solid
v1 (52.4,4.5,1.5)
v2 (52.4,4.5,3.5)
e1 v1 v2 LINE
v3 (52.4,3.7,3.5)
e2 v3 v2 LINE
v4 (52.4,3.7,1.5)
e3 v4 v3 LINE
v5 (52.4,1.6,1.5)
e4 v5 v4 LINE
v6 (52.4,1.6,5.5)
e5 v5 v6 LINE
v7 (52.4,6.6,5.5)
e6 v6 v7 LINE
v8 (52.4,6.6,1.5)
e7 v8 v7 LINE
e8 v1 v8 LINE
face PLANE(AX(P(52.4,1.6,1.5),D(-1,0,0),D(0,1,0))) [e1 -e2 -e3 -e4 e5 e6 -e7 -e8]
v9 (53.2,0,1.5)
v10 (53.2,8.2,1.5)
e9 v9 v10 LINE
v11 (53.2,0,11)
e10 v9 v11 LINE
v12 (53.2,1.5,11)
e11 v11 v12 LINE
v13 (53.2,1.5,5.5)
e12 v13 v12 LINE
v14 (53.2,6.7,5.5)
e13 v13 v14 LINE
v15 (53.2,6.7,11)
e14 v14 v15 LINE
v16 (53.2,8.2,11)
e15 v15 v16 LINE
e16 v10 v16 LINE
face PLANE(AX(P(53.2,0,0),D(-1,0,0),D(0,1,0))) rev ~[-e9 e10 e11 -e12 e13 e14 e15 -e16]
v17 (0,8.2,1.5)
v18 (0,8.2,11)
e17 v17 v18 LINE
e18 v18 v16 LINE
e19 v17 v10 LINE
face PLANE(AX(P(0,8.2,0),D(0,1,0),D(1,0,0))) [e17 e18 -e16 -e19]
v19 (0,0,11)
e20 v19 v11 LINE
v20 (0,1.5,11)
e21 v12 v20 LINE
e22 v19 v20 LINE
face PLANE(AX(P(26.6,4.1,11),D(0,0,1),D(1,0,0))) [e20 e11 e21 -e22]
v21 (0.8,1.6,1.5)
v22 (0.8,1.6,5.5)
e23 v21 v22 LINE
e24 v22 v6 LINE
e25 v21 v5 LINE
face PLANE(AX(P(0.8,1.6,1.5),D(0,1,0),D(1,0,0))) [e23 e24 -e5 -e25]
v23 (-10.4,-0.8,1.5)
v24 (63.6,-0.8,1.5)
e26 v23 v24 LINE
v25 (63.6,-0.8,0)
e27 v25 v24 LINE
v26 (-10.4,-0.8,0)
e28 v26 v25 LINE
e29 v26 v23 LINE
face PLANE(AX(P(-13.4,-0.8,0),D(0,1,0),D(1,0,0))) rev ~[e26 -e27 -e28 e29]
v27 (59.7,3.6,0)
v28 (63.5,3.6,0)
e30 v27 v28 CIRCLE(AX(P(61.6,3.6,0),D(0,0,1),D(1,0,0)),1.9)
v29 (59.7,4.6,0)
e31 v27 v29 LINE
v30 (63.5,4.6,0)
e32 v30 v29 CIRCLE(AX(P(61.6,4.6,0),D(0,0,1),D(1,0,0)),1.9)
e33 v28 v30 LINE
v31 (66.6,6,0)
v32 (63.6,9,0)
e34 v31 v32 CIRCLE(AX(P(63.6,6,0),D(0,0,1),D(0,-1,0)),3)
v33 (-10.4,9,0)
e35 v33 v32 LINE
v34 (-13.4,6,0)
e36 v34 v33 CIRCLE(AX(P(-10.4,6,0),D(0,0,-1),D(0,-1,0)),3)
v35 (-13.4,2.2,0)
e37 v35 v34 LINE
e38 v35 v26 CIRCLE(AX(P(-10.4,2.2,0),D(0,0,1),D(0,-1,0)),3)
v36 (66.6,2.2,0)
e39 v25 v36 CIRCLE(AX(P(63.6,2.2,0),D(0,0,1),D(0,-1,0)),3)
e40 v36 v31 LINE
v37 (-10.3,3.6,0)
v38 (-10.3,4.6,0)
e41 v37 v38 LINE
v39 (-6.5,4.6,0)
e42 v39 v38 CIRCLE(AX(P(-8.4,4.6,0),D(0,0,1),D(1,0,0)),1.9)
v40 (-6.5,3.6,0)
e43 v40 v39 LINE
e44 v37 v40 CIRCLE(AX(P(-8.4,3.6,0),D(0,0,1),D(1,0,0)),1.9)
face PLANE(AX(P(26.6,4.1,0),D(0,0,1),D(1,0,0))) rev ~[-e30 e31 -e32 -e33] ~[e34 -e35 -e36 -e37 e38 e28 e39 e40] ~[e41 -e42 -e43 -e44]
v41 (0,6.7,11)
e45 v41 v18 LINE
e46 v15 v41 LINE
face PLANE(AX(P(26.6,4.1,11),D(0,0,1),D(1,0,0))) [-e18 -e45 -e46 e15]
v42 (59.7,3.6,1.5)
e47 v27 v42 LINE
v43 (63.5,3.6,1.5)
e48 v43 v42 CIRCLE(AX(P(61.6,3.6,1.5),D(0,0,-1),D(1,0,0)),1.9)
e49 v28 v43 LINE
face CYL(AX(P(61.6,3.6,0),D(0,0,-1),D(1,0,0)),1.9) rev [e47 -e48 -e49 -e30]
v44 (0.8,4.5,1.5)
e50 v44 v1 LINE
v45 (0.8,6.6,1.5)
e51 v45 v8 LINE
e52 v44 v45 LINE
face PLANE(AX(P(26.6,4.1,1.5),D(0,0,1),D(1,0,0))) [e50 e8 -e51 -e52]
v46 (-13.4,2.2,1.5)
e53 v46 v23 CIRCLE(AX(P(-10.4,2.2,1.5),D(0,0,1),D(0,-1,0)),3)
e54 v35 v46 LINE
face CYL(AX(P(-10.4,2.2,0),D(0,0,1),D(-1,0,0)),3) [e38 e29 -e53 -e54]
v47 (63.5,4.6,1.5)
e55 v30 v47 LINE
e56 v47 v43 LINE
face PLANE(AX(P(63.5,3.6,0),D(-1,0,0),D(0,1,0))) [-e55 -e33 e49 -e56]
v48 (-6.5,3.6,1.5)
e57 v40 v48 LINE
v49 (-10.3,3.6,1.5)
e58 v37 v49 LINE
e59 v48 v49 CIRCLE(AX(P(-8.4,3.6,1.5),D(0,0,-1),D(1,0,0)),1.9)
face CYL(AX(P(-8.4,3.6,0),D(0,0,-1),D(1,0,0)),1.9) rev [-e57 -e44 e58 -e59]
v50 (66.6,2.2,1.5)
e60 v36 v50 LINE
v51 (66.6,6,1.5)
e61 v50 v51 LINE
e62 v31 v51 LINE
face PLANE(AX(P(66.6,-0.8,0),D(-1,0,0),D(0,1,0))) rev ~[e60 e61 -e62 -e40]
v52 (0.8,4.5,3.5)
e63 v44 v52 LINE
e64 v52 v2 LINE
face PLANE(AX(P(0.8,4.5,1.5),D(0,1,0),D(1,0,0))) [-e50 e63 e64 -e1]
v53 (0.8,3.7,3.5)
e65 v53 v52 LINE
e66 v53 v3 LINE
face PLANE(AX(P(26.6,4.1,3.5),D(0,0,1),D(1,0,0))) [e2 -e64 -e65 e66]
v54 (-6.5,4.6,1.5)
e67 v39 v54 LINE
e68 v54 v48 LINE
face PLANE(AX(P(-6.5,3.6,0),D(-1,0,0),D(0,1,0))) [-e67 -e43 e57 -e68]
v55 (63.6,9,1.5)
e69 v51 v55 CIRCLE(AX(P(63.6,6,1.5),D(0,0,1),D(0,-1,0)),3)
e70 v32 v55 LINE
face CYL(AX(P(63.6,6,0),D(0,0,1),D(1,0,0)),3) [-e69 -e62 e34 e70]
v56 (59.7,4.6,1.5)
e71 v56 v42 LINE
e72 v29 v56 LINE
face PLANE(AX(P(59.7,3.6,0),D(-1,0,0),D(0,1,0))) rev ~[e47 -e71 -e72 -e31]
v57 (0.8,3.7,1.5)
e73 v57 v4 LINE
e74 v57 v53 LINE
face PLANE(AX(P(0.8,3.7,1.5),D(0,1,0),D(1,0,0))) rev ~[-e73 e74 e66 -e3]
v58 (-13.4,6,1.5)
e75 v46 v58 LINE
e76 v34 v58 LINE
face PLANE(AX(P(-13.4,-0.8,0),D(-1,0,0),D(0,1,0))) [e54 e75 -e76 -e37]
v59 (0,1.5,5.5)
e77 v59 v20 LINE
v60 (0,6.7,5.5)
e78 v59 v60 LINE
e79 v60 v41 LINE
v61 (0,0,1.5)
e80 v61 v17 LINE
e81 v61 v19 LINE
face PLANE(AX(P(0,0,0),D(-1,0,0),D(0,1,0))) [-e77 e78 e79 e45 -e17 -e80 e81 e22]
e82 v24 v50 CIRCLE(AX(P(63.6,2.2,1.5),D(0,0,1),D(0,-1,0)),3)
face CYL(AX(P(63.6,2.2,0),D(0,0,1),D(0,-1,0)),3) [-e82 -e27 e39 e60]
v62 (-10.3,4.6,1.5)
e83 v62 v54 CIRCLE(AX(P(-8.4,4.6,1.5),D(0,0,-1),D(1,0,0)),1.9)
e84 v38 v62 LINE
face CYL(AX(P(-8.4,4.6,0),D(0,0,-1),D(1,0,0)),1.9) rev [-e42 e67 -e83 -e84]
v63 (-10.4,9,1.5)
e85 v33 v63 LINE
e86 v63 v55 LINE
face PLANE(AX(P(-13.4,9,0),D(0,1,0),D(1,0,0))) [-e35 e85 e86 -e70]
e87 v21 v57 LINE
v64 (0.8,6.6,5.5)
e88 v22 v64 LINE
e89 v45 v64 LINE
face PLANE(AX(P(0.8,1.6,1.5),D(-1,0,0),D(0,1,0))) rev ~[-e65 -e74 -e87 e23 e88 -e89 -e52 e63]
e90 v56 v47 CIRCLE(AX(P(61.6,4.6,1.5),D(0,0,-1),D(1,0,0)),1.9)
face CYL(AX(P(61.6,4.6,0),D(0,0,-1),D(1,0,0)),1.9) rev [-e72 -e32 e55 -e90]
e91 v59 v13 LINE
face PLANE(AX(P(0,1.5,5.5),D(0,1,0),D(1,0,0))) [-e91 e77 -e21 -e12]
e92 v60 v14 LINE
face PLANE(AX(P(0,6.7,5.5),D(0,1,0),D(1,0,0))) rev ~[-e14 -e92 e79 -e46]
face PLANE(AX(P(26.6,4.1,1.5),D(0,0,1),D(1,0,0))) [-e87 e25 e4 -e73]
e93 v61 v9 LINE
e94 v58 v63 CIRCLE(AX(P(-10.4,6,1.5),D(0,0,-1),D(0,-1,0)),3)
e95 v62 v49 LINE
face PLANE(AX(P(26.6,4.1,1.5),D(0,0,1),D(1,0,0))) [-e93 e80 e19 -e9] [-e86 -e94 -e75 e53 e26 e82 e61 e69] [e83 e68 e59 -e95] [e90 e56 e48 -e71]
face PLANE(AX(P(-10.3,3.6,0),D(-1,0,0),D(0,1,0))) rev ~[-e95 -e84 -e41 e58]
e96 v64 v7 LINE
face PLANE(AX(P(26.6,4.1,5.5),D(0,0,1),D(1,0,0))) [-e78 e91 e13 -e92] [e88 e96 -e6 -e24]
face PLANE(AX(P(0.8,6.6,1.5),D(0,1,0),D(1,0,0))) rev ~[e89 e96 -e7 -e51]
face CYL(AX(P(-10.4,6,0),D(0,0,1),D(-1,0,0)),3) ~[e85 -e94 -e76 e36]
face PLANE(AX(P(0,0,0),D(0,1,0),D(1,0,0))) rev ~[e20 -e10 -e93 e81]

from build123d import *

# Parameters (mm, degrees)
BOX003_W          = 51.6
BOX003_H          = 0.8
BOX003_DEPTH      = 2
BOX001_W          = 51.6
BOX001_H          = 5
BOX001_DEPTH      = 4
BOX002_W          = 53.2
BOX002_H          = 5.2
BOX002_DEPTH      = 11
BOX008_W          = 3.8
BOX008_H          = 1
BOX008_DEPTH      = 10
CYLINDER002_R     = 1.9
CYLINDER002_DEPTH = 10
CYLINDER004_R     = 1.9
CYLINDER004_DEPTH = 10
ARRAY003_X_COUNT  = 2
ARRAY003_X_PITCH  = 70
BOX006_W          = 80
BOX006_H          = 9.8
BOX006_DEPTH      = 1.5
FILLET003_R       = 3
BOX_W             = 53.2
BOX_H             = 8.2
BOX_DEPTH         = 11


with BuildPart() as bottom_hole_middle_extraction:
    # Box003 → Box003 (new body)
    with BuildSketch(Plane(origin=(0.8, 3.7, 1.5), x_dir=(1, 0, 0), z_dir=(0, 0, 1))):
        with Locations((25.8, 0.4)):
            Rectangle(BOX003_W, BOX003_H)
    extrude(amount=BOX003_DEPTH)


with BuildPart() as bottom_hole_cut:
    # Box001 → Box001 (new body)
    with BuildSketch(Plane(origin=(0.8, 1.6, 1.5), x_dir=(1, 0, 0), z_dir=(0, 0, 1))):
        with Locations((25.8, 2.5)):
            Rectangle(BOX001_W, BOX001_H)
    extrude(amount=BOX001_DEPTH)

    # Cut003003: cut bottom hole middle extraction
    add(bottom_hole_middle_extraction.part, mode=Mode.SUBTRACT)


with BuildPart() as hole_fusion:
    # Box002 → Box002 (new body)
    with BuildSketch(Plane(origin=(0, 1.5, 5.5), x_dir=(1, 0, 0), z_dir=(0, 0, 1))):
        with Locations((26.6, 2.6)):
            Rectangle(BOX002_W, BOX002_H)
    extrude(amount=BOX002_DEPTH)

    # Fusion: union bottom hole cut
    add(bottom_hole_cut.part)


with BuildPart() as inbetween_holes_cube001:
    # Box008 → Box008 (new body)
    with BuildSketch(Plane(origin=(-1.9, 0, 0), x_dir=(1, 0, 0), z_dir=(0, 0, 1))):
        with Locations((1.9, 0.5)):
            Rectangle(BOX008_W, BOX008_H)
    extrude(amount=BOX008_DEPTH)


with BuildPart() as attach_hole001:
    # Cylinder002 → Cylinder002 (new body)
    with BuildSketch(Plane.XY):
        Circle(CYLINDER002_R)
    extrude(amount=CYLINDER002_DEPTH)


with BuildPart() as attach_hole_array001:
    # Cylinder004 → Cylinder004 (new body)
    with BuildSketch(Plane(origin=(0, 1, 0), x_dir=(1, 0, 0), z_dir=(0, 0, 1))):
        Circle(CYLINDER004_R)
    extrude(amount=CYLINDER004_DEPTH)

    # Fusion002: union inbetween holes cube001, attach hole001
    add(inbetween_holes_cube001.part)
    add(attach_hole001.part)


with BuildPart() as attach_hole_array001_1:
    # Fusion002 placement: moved
    add(attach_hole_array001.part.moved(Location((5, 4.4, 0))))

    # Array003 X: attach hole array001 ×2


with BuildPart() as attach_hole_array001_2:
    add(attach_hole_array001_1.part)
    with Locations(*[(i * ARRAY003_X_PITCH, 0, 0) for i in range(1, ARRAY003_X_COUNT)]):
        add(attach_hole_array001_1.part)


with BuildPart() as attach_plane_x_dir:
    # Box006 → Box006 (new body)
    with BuildSketch(Plane.XY):
        with Locations((40, 4.9)):
            Rectangle(BOX006_W, BOX006_H)
    extrude(amount=BOX006_DEPTH)

    # Fillet003
    fillet003_edges = [attach_plane_x_dir.edges().sort_by_distance(p)[0] for p in [
        (0, 0, 0.75),
        (0, 9.8, 0.75),
        (80, 0, 0.75),
        (80, 9.8, 0.75),
    ]]
    fillet(fillet003_edges, radius=FILLET003_R)

    # Cut003: cut attach hole array001
    add(attach_hole_array001_2.part, mode=Mode.SUBTRACT)


with BuildPart() as attach_plane_x_dir_1:
    # Cut003 placement: moved
    add(attach_plane_x_dir.part.moved(Location((-13.4, -0.8, 0))))


with BuildPart() as body_cut:
    # Box → Box (new body)
    with BuildSketch(Plane.XY):
        with Locations((26.6, 4.1)):
            Rectangle(BOX_W, BOX_H)
    extrude(amount=BOX_DEPTH)

    # Fusion001: union attach plane x dir
    add(attach_plane_x_dir_1.part)

    # Cut: cut hole fusion
    add(hole_fusion.part, mode=Mode.SUBTRACT)


solid = body_cut.part
